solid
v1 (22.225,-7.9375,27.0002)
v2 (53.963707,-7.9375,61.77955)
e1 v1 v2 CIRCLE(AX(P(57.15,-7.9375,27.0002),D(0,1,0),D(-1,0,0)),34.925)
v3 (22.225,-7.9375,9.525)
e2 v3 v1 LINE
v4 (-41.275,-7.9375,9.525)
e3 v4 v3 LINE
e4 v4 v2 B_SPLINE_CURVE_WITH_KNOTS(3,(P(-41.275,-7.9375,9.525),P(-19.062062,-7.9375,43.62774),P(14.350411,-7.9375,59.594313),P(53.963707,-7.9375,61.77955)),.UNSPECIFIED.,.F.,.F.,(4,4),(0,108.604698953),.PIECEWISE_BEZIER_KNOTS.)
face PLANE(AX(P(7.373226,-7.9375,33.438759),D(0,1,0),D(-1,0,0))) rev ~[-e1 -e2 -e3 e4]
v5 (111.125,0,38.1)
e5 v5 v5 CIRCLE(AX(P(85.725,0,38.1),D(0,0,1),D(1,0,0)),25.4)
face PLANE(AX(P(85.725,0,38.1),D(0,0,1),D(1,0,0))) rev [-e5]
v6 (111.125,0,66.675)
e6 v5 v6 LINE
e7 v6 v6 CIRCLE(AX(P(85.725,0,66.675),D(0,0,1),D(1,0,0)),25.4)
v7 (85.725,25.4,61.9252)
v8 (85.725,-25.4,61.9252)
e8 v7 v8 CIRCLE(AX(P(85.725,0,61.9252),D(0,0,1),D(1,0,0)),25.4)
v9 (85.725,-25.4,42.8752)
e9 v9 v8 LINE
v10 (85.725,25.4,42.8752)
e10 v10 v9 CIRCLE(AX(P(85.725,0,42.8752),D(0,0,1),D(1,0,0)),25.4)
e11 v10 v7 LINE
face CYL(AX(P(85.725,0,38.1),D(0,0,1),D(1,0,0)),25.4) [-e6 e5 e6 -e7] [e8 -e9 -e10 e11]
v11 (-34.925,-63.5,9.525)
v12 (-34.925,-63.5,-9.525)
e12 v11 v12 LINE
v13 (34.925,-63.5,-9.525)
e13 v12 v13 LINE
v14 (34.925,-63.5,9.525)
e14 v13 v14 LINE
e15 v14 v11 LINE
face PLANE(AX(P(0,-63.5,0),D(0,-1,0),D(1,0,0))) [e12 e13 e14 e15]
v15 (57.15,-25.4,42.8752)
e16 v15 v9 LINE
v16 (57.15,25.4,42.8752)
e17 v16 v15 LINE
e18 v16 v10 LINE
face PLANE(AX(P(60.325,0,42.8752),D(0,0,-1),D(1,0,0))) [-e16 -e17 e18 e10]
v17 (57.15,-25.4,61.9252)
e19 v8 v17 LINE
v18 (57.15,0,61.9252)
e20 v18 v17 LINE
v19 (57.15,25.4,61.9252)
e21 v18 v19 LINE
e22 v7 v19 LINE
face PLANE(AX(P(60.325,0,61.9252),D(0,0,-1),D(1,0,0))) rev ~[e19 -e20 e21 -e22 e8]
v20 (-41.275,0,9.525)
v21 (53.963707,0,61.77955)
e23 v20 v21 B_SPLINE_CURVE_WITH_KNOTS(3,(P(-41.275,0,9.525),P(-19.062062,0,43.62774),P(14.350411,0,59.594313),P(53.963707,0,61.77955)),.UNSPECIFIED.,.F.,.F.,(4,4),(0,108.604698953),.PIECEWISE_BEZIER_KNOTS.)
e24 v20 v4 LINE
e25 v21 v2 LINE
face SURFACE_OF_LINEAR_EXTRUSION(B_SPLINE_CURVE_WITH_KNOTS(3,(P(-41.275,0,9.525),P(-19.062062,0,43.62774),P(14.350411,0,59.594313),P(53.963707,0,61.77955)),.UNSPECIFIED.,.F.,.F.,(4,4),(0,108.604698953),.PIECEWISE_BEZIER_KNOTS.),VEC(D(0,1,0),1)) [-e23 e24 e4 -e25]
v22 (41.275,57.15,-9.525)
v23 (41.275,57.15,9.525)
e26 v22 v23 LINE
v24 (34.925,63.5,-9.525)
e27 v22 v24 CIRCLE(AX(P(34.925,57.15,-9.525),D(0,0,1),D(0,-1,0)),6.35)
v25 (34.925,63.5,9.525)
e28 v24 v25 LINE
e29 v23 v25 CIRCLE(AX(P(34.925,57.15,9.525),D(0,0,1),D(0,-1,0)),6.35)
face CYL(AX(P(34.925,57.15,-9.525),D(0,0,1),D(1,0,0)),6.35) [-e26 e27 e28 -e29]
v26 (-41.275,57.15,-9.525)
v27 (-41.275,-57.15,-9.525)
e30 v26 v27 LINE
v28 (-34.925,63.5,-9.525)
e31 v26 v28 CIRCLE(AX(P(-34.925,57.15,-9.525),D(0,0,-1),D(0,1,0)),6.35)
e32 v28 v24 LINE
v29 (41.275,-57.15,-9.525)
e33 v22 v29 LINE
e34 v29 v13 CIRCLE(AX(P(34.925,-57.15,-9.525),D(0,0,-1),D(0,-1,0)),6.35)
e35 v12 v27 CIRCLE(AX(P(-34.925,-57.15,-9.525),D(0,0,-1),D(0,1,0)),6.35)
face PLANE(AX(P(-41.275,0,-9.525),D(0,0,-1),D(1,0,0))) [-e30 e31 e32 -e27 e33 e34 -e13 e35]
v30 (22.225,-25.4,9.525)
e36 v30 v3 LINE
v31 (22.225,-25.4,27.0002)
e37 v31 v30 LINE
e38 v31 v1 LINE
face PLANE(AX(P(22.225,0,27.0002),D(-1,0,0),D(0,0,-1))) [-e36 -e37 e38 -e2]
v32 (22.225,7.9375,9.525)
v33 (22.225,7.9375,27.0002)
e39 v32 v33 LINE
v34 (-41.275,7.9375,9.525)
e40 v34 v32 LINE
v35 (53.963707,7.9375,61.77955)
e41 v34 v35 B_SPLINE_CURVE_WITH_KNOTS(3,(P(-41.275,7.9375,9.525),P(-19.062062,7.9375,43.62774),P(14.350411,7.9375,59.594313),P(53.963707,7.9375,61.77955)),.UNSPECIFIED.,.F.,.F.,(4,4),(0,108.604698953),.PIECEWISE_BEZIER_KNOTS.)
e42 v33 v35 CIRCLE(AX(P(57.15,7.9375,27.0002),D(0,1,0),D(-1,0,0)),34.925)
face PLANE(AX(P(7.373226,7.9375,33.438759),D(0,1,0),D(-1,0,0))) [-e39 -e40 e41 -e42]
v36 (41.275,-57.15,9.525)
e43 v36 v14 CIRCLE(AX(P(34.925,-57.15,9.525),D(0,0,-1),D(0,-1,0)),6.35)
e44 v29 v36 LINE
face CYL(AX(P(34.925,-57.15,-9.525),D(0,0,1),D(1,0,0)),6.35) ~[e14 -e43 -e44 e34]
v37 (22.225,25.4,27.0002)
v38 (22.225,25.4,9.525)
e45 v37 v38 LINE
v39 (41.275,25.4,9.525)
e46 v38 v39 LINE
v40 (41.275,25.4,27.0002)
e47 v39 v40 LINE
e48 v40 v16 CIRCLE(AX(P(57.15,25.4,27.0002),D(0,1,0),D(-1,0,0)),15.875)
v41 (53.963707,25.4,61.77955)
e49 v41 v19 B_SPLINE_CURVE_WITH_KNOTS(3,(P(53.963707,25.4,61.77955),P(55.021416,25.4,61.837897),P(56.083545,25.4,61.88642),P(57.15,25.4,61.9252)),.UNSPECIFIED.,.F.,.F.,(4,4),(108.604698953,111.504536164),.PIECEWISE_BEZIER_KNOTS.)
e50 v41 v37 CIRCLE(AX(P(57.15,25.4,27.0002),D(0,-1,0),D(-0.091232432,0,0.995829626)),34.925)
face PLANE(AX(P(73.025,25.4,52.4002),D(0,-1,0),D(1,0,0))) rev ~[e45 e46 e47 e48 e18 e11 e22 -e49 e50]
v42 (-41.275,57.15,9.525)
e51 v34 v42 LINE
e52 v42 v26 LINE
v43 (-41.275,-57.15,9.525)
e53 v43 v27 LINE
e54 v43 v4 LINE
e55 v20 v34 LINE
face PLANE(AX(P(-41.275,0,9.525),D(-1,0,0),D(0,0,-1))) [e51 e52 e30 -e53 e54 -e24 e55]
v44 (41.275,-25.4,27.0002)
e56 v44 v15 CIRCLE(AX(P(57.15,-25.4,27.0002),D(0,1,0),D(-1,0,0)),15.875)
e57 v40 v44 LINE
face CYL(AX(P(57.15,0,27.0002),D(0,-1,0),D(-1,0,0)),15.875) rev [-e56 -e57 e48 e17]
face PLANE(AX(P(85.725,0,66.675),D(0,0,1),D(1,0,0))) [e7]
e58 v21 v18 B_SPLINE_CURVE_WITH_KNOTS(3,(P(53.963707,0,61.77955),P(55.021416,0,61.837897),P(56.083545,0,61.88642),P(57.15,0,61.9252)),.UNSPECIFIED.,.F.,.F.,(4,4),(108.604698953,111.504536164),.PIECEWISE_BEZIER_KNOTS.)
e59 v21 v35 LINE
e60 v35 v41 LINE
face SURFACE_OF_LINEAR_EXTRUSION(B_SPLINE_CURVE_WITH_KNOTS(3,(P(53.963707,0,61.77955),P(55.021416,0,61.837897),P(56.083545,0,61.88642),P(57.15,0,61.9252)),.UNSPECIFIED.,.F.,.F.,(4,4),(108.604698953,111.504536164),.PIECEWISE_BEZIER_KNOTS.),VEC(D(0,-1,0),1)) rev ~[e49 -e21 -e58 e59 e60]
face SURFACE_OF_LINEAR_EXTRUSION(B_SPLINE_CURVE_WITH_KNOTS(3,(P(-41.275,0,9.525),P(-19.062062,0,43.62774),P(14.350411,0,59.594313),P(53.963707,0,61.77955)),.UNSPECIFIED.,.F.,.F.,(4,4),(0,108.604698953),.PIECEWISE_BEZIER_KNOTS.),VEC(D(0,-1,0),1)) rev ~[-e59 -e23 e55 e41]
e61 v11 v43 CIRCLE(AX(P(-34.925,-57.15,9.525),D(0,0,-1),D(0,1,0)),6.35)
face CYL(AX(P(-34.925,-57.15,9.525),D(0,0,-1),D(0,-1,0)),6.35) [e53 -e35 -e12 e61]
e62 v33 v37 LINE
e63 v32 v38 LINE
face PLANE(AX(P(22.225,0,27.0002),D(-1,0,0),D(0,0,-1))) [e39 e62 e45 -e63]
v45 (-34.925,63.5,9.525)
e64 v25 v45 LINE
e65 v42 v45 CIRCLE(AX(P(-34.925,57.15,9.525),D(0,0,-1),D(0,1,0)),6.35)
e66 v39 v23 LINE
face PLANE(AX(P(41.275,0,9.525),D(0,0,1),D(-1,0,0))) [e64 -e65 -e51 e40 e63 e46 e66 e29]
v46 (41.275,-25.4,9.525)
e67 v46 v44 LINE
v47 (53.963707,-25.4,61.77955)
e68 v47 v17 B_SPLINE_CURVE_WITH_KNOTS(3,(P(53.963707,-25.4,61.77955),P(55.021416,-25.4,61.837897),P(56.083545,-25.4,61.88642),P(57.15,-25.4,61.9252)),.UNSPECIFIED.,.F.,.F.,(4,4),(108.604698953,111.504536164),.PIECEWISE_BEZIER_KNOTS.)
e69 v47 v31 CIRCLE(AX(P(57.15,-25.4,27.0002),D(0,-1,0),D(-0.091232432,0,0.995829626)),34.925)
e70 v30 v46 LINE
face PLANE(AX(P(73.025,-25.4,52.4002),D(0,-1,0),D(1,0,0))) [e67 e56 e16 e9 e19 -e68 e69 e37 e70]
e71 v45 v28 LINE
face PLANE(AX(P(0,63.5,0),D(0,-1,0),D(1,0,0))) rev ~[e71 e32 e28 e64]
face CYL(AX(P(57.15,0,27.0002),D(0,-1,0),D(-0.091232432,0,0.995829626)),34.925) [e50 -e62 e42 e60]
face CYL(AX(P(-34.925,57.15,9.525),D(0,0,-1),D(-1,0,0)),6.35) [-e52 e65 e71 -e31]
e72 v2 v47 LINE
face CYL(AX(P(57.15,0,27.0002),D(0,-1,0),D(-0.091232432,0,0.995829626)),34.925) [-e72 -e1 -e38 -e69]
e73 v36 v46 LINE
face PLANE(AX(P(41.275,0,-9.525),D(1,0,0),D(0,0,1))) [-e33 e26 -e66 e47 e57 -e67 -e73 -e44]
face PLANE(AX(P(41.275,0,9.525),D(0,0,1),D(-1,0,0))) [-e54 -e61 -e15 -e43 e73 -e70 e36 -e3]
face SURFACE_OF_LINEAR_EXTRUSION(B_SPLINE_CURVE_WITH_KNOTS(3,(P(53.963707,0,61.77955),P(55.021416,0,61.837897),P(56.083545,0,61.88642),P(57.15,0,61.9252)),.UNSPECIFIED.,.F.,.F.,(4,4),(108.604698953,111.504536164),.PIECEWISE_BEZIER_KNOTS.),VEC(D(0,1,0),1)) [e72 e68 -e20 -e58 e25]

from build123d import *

# Parameters (mm, degrees)
F1_DEPTH = 63.5
F2_DEPTH = 25.4
F3_DEPTH = 7.9375
F0_W     = 25.4
F0_H     = 19.05
F4_DEPTH = 25.4
F6_R     = 6.35
F7_R     = 6.35


with BuildPart() as f1:
    # F0 (on Front) → F1 (new body, symmetric)
    with BuildSketch(Plane.XZ):
        Polygon((-41.275, 9.525), (-41.275, -9.525), (41.275, -9.525), (41.275, 9.525), (22.225, 9.525), align=None)
    extrude(amount=F1_DEPTH, both=True)

    # F0 (on Front) → F2 (join, symmetric)
    with BuildSketch(Plane.XZ):
        with BuildLine():
            Line((22.225, 9.525), (41.275, 9.525))
            Line((41.275, 9.525), (41.275, 27.0002))
            ThreePointArc((41.275, 27.0002), (45.9246798487, 38.2255201513), (57.15, 42.8752))
            Line((57.15, 42.8752), (60.325, 42.8752))
            Line((60.325, 42.8752), (60.325, 61.9252))
            Line((60.325, 61.9252), (57.15, 61.9252))
            add(Edge.make_bspline(
                [(53.9637073278, 61.7795496777), (55.021415818, 61.8378973507), (56.0835450938, 61.8864198253), (57.15, 61.9252)],
                knots=[108.6046989527, 108.6046989527, 108.6046989527, 108.6046989527, 111.5045361635, 111.5045361635, 111.5045361635, 111.5045361635], degree=3))
            ThreePointArc((53.9637073278, 61.7795496777), (31.3523557609, 50.5424423892), (22.225, 27.0002))
            Line((22.225, 27.0002), (22.225, 9.525))
        make_face()
    extrude(amount=F2_DEPTH, both=True)

    # F0 (on Front) → F3 (join, symmetric)
    with BuildSketch(Plane.XZ):
        with BuildLine():
            add(Edge.make_bspline(
                [(-41.275, 9.525), (-19.0620616146, 43.6277397004), (14.35041051, 59.5943127151), (53.9637073278, 61.7795496777)],
                knots=[0, 0, 0, 0, 108.6046989527, 108.6046989527, 108.6046989527, 108.6046989527], degree=3))
            Line((-41.275, 9.525), (22.225, 9.525))
            Line((22.225, 9.525), (22.225, 27.0002))
            ThreePointArc((22.225, 27.0002), (31.3523557609, 50.5424423892), (53.9637073278, 61.7795496777))
        make_face()
    extrude(amount=F3_DEPTH, both=True)

    # F0 (on Front) → F4 (join, symmetric)
    with BuildSketch(Plane.XZ):
        with Locations((73.025, 52.4002)):
            Rectangle(F0_W, F0_H)
    extrude(amount=F4_DEPTH, both=True)

    # F0 (on Front) → F5 (revolve)
    with BuildSketch(Plane.XZ):
        Polygon((85.725, 66.675), (85.725, 61.9252), (85.725, 42.8752), (85.725, 38.1), (111.125, 38.1), (111.125, 66.675), align=None)
    revolve(axis=Axis((85.725, 0, 52.3875), (0, 0, 1)))

    # F6
    f6_edges = [f1.edges().sort_by_distance(p)[0] for p in [
        (-41.275, -63.5, 0),
        (41.275, -63.5, 0),
        (41.275, 63.5, 0),
    ]]
    fillet(f6_edges, radius=F6_R)

    # F7
    f7_edges = [f1.edges().sort_by_distance(p)[0] for p in [
        (-41.275, 63.5, 0),
    ]]
    fillet(f7_edges, radius=F7_R)


solid = f1.part
